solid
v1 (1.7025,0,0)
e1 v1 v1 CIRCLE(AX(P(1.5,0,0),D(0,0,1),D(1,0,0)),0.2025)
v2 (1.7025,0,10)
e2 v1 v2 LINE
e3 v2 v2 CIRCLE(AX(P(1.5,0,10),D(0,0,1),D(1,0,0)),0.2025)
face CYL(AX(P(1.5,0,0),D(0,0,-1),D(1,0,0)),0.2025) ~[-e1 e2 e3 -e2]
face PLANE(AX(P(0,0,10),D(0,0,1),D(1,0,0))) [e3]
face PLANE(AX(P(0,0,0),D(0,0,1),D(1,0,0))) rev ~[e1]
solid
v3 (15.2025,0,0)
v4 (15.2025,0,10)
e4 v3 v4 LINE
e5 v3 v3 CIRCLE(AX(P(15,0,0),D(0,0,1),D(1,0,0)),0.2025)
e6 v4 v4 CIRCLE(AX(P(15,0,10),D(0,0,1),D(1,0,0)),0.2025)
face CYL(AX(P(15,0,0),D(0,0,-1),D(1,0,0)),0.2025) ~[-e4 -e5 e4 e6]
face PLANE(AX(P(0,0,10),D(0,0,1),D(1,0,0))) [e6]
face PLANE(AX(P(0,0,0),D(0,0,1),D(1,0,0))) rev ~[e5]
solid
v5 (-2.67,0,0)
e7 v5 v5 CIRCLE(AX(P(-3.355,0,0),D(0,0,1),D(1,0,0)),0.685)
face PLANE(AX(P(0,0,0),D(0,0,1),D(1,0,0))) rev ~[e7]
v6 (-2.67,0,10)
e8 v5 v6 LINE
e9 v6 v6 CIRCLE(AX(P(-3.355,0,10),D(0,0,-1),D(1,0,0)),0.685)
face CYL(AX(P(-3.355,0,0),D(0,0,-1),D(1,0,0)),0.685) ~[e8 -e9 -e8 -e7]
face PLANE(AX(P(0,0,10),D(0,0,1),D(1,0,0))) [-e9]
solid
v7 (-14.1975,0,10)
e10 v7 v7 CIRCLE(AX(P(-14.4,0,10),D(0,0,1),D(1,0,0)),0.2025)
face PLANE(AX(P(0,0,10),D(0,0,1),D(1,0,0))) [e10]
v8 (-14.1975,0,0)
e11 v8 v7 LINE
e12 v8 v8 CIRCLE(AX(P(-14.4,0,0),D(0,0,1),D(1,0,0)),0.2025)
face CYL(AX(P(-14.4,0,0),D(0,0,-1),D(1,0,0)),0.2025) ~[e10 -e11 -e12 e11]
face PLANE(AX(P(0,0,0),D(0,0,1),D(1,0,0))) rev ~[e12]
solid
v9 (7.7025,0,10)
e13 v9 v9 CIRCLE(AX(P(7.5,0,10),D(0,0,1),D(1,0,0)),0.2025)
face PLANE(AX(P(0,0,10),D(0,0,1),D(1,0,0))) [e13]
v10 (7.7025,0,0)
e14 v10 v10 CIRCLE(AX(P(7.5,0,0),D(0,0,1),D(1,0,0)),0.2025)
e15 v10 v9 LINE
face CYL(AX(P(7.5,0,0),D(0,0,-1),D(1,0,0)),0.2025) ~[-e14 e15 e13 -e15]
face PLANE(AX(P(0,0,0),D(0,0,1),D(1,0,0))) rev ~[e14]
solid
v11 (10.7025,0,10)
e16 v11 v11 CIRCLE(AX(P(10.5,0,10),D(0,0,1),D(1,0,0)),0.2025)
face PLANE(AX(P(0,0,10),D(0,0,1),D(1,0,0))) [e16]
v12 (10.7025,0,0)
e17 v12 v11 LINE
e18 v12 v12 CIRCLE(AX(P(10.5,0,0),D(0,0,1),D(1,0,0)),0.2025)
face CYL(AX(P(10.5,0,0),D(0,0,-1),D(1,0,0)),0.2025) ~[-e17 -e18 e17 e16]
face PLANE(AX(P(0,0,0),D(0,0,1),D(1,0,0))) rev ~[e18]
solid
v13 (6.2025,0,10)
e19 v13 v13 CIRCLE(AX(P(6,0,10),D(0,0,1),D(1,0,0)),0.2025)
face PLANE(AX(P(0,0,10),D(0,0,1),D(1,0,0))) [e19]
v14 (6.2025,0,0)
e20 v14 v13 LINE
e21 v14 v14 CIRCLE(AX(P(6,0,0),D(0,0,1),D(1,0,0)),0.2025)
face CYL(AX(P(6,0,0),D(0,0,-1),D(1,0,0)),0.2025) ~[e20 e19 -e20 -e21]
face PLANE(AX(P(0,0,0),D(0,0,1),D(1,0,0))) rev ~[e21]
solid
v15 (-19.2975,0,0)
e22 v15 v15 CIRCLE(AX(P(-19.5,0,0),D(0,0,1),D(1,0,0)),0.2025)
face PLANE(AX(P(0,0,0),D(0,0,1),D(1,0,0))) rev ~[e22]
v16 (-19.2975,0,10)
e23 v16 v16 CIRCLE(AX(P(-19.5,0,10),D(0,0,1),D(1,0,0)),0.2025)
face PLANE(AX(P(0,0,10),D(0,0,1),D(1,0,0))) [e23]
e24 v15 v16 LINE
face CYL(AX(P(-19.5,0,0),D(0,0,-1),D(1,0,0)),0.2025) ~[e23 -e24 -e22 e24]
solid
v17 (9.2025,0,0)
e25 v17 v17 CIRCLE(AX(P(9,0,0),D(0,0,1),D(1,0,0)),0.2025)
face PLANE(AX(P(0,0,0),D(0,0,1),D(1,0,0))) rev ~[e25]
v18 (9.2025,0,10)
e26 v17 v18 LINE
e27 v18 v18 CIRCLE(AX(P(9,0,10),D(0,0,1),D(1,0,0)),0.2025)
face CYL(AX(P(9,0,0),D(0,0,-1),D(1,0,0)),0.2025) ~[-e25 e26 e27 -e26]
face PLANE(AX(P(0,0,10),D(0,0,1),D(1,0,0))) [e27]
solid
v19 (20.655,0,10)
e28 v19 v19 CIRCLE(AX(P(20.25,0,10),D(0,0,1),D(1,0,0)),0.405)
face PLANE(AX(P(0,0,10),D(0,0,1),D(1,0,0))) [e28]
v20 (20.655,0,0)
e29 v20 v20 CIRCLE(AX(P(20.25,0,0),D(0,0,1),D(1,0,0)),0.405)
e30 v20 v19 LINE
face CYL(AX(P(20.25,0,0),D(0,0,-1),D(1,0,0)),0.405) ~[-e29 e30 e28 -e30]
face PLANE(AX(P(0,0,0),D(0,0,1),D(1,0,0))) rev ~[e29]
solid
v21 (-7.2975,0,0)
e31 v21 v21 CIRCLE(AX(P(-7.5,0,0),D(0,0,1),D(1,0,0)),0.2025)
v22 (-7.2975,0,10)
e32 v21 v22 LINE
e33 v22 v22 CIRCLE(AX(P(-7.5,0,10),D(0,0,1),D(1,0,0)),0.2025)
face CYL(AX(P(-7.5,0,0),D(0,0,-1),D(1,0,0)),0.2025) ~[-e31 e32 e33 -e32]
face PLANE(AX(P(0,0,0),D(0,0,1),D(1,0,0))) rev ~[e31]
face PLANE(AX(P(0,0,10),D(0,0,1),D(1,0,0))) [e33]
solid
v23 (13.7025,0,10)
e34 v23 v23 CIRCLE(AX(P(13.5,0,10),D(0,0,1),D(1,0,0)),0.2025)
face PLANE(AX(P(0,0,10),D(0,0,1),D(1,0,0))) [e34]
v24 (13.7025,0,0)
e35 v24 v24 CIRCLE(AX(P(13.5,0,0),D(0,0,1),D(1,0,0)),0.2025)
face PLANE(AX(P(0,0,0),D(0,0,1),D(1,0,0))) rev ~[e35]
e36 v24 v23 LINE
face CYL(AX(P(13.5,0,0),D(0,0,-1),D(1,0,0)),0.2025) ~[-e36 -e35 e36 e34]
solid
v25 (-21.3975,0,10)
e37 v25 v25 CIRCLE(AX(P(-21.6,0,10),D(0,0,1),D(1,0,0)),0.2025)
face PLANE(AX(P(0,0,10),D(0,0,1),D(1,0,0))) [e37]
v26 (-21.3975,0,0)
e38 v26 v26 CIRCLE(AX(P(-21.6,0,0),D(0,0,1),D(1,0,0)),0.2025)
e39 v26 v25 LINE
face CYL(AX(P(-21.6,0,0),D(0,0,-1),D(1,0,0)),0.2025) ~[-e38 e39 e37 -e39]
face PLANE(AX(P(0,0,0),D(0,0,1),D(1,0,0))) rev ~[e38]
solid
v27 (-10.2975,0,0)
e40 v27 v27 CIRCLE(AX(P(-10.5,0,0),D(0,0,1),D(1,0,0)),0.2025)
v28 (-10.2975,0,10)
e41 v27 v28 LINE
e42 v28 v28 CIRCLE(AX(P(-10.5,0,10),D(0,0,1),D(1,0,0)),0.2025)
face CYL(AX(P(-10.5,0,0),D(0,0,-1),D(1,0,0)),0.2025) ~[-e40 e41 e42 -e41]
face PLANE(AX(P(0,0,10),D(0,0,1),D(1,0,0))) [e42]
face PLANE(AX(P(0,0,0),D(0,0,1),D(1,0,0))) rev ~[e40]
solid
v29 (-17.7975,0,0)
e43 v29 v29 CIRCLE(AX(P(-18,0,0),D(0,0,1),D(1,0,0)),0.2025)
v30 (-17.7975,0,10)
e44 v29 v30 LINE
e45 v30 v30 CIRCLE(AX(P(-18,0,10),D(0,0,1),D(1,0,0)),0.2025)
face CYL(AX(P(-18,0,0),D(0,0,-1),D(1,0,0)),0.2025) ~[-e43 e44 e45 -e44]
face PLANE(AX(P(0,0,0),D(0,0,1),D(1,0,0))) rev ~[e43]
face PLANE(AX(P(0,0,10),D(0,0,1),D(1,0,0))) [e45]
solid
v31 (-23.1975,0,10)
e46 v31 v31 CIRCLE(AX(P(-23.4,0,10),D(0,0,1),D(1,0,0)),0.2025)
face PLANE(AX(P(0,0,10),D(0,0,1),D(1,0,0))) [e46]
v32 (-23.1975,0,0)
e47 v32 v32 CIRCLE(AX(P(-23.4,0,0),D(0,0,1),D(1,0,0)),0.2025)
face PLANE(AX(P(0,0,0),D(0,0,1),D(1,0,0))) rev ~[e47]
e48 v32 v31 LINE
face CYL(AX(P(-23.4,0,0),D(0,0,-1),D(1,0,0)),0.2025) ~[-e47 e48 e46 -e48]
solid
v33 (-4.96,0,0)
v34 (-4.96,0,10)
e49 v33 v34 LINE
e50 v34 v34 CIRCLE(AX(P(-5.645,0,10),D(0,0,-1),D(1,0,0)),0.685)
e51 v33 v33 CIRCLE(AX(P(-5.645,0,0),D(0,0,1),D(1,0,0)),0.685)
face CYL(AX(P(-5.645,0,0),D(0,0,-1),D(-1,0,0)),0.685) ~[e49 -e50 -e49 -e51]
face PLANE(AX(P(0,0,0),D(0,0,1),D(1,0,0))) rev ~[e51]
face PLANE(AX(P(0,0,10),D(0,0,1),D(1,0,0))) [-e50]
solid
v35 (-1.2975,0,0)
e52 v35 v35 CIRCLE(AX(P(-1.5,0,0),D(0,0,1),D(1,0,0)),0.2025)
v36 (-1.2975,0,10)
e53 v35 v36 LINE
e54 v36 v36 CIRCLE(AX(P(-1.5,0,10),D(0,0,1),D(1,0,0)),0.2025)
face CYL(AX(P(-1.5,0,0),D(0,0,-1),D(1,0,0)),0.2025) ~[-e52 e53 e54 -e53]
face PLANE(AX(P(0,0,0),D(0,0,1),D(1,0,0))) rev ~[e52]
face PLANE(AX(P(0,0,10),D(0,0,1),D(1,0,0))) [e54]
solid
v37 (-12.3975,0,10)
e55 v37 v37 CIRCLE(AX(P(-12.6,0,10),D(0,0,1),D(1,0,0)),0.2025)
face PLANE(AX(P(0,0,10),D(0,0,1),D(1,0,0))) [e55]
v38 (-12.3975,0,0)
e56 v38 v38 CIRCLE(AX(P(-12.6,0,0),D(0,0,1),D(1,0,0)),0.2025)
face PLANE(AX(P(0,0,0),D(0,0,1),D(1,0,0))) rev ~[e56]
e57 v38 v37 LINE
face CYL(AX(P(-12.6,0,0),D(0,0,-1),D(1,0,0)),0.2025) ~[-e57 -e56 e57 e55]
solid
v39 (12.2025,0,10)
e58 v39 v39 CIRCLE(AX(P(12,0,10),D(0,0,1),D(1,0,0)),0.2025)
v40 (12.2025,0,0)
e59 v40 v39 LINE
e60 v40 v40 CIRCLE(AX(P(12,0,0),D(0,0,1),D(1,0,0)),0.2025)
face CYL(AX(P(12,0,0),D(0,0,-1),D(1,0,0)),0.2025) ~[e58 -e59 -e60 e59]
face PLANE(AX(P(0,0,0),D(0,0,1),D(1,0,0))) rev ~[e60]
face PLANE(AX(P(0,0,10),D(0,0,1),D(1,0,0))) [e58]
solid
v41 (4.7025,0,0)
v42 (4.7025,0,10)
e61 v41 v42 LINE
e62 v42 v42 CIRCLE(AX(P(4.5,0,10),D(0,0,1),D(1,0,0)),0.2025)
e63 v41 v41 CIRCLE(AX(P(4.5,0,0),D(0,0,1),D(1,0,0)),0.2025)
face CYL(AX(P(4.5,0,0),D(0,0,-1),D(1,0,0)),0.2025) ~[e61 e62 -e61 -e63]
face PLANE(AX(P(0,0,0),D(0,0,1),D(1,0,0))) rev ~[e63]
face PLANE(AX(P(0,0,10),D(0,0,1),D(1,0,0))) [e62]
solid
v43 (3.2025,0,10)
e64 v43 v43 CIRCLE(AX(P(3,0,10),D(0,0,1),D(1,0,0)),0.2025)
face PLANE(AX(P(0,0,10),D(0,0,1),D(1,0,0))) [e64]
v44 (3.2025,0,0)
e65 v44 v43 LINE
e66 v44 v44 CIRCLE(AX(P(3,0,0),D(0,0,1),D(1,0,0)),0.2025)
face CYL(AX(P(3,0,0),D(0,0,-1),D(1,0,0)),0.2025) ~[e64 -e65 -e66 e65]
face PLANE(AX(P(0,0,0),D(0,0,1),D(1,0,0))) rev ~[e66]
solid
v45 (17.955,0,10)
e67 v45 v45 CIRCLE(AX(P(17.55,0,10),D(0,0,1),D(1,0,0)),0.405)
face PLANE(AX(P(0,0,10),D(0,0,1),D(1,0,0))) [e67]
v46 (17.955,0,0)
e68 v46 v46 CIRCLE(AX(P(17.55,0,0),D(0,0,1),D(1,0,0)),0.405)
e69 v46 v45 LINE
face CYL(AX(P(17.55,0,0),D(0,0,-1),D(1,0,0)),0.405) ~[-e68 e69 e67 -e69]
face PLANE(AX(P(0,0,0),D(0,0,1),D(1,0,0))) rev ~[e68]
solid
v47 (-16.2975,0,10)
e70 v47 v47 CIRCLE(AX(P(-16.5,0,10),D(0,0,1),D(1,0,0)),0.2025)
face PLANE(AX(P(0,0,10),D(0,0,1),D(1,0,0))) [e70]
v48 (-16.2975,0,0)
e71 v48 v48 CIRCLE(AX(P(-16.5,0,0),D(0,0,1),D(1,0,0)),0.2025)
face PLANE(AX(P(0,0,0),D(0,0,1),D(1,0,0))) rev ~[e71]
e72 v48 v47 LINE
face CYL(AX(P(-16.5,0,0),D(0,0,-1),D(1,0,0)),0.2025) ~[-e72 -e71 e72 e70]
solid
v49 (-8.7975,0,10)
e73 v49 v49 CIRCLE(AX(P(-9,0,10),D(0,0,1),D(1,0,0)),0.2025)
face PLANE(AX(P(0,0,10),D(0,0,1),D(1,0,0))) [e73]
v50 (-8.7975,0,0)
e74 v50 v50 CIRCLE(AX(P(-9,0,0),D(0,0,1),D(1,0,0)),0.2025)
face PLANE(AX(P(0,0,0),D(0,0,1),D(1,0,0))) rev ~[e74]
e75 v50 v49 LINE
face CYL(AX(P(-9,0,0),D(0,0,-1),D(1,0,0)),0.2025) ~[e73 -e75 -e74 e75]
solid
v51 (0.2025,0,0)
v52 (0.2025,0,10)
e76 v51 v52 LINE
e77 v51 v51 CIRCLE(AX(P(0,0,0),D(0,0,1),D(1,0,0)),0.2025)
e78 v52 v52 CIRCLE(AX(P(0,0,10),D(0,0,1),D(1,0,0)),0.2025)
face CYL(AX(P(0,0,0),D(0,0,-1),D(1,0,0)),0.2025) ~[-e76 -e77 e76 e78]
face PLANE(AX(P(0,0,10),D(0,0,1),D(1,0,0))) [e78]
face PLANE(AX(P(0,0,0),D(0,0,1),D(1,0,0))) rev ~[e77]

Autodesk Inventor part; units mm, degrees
ref_plane "YZ Plane" through (0, 0, 0) normal (1, 0, 0) x (0, 1, 0)
ref_plane "XZ Plane" through (0, 0, 0) normal (0, 1, 0) x (-1, 0, 0)
ref_plane "XY Plane" through (0, 0, 0) normal (0, 0, 1) x (1, 0, 0)
sketch "Sketch1" plane through (0, 0, 0) normal (0, 0, 1) x (1, 0, 0)
  line L0 (21.2149, 0) -> (-24.25, 0) construction
  circle A0 centre (20.25, 0) radius 0.405
  circle A1 centre (17.55, 0) radius 0.405
  circle A2 centre (15, 0) radius 0.2025
  circle A3 centre (13.5, 0) radius 0.2025
  circle A4 centre (12, 0) radius 0.2025
  circle A5 centre (10.5, 0) radius 0.2025
  circle A6 centre (9, 0) radius 0.2025
  circle A7 centre (7.5, 0) radius 0.2025
  circle A8 centre (6, 0) radius 0.2025
  circle A9 centre (4.5, 0) radius 0.2025
  circle A10 centre (3, 0) radius 0.2025
  circle A11 centre (1.5, 0) radius 0.2025
  circle A12 centre (0, 0) radius 0.2025
  circle A13 centre (-1.5, 0) radius 0.2025
  circle A14 centre (-7.5, 0) radius 0.2025
  circle A15 centre (-9, 0) radius 0.2025
  circle A16 centre (-10.5, 0) radius 0.2025
  circle A17 centre (-12.6, 0) radius 0.2025
  circle A18 centre (-14.4, 0) radius 0.2025
  circle A19 centre (-16.5, 0) radius 0.2025
  circle A20 centre (-18, 0) radius 0.2025
  circle A21 centre (-19.5, 0) radius 0.2025
  circle A22 centre (-21.6, 0) radius 0.2025
  circle A23 centre (-23.4, 0) radius 0.2025
  line L1 (-25.25, -2) -> (-25.25, -0.4) projected
  arc A24 (-4.96, 0) -> (-6.33, 0) centre (-5.645, 0) ccw projected
  arc A25 (-6.33, 0) -> (-4.96, 0) centre (-5.645, 0) ccw projected
  arc A26 (-4.04, 0) -> (-2.67, 0) centre (-3.355, 0) ccw projected
  arc A27 (-2.67, 0) -> (-4.04, 0) centre (-3.355, 0) ccw projected
  point P0 (0, 0)
  dimension "d0" = 0.81
  dimension "d1" = 0.81
  dimension "d2" = 0.405
  dimension "d3" = 0.405
  dimension "d4" = 0.405
  dimension "d5" = 0.405
  dimension "d6" = 0.405
  dimension "d7" = 0.405
  dimension "d8" = 0.405
  dimension "d9" = 0.405
  dimension "d10" = 0.405
  dimension "d11" = 0.405
  dimension "d12" = 0.405
  dimension "d13" = 0.405
  dimension "d14" = 0.405
  dimension "d15" = 0.405
  dimension "d16" = 0.405
  dimension "d17" = 0.405
  dimension "d18" = 0.405
  dimension "d19" = 0.405
  dimension "d20" = 0.405
  dimension "d21" = 0.405
  dimension "d22" = 0.405
  dimension "d23" = 0.405
  dimension "d24" = 1.85
  dimension "d25" = 1.8
  dimension "d26" = 2.1
  dimension "d27" = 1.5
  dimension "d28" = 2.1
  dimension "d29" = 1.8
  dimension "d30" = 2.1
  dimension "d31" = 1.5
  dimension "d32" = 1.5
  dimension "d33" = 6
  dimension "d34" = 1.5
  dimension "d35" = 1.5
  dimension "d36" = 1.5
  dimension "d37" = 1.5
  dimension "d38" = 1.5
  dimension "d39" = 1.5
  dimension "d40" = 1.5
  dimension "d44" = 2.7
  dimension "d46" = 2.55
extrude "Extrusion1" add sketch "Sketch1" along normal blind 10
properties part number "3d_LM-Welding_Tooling - Bot Wire"
